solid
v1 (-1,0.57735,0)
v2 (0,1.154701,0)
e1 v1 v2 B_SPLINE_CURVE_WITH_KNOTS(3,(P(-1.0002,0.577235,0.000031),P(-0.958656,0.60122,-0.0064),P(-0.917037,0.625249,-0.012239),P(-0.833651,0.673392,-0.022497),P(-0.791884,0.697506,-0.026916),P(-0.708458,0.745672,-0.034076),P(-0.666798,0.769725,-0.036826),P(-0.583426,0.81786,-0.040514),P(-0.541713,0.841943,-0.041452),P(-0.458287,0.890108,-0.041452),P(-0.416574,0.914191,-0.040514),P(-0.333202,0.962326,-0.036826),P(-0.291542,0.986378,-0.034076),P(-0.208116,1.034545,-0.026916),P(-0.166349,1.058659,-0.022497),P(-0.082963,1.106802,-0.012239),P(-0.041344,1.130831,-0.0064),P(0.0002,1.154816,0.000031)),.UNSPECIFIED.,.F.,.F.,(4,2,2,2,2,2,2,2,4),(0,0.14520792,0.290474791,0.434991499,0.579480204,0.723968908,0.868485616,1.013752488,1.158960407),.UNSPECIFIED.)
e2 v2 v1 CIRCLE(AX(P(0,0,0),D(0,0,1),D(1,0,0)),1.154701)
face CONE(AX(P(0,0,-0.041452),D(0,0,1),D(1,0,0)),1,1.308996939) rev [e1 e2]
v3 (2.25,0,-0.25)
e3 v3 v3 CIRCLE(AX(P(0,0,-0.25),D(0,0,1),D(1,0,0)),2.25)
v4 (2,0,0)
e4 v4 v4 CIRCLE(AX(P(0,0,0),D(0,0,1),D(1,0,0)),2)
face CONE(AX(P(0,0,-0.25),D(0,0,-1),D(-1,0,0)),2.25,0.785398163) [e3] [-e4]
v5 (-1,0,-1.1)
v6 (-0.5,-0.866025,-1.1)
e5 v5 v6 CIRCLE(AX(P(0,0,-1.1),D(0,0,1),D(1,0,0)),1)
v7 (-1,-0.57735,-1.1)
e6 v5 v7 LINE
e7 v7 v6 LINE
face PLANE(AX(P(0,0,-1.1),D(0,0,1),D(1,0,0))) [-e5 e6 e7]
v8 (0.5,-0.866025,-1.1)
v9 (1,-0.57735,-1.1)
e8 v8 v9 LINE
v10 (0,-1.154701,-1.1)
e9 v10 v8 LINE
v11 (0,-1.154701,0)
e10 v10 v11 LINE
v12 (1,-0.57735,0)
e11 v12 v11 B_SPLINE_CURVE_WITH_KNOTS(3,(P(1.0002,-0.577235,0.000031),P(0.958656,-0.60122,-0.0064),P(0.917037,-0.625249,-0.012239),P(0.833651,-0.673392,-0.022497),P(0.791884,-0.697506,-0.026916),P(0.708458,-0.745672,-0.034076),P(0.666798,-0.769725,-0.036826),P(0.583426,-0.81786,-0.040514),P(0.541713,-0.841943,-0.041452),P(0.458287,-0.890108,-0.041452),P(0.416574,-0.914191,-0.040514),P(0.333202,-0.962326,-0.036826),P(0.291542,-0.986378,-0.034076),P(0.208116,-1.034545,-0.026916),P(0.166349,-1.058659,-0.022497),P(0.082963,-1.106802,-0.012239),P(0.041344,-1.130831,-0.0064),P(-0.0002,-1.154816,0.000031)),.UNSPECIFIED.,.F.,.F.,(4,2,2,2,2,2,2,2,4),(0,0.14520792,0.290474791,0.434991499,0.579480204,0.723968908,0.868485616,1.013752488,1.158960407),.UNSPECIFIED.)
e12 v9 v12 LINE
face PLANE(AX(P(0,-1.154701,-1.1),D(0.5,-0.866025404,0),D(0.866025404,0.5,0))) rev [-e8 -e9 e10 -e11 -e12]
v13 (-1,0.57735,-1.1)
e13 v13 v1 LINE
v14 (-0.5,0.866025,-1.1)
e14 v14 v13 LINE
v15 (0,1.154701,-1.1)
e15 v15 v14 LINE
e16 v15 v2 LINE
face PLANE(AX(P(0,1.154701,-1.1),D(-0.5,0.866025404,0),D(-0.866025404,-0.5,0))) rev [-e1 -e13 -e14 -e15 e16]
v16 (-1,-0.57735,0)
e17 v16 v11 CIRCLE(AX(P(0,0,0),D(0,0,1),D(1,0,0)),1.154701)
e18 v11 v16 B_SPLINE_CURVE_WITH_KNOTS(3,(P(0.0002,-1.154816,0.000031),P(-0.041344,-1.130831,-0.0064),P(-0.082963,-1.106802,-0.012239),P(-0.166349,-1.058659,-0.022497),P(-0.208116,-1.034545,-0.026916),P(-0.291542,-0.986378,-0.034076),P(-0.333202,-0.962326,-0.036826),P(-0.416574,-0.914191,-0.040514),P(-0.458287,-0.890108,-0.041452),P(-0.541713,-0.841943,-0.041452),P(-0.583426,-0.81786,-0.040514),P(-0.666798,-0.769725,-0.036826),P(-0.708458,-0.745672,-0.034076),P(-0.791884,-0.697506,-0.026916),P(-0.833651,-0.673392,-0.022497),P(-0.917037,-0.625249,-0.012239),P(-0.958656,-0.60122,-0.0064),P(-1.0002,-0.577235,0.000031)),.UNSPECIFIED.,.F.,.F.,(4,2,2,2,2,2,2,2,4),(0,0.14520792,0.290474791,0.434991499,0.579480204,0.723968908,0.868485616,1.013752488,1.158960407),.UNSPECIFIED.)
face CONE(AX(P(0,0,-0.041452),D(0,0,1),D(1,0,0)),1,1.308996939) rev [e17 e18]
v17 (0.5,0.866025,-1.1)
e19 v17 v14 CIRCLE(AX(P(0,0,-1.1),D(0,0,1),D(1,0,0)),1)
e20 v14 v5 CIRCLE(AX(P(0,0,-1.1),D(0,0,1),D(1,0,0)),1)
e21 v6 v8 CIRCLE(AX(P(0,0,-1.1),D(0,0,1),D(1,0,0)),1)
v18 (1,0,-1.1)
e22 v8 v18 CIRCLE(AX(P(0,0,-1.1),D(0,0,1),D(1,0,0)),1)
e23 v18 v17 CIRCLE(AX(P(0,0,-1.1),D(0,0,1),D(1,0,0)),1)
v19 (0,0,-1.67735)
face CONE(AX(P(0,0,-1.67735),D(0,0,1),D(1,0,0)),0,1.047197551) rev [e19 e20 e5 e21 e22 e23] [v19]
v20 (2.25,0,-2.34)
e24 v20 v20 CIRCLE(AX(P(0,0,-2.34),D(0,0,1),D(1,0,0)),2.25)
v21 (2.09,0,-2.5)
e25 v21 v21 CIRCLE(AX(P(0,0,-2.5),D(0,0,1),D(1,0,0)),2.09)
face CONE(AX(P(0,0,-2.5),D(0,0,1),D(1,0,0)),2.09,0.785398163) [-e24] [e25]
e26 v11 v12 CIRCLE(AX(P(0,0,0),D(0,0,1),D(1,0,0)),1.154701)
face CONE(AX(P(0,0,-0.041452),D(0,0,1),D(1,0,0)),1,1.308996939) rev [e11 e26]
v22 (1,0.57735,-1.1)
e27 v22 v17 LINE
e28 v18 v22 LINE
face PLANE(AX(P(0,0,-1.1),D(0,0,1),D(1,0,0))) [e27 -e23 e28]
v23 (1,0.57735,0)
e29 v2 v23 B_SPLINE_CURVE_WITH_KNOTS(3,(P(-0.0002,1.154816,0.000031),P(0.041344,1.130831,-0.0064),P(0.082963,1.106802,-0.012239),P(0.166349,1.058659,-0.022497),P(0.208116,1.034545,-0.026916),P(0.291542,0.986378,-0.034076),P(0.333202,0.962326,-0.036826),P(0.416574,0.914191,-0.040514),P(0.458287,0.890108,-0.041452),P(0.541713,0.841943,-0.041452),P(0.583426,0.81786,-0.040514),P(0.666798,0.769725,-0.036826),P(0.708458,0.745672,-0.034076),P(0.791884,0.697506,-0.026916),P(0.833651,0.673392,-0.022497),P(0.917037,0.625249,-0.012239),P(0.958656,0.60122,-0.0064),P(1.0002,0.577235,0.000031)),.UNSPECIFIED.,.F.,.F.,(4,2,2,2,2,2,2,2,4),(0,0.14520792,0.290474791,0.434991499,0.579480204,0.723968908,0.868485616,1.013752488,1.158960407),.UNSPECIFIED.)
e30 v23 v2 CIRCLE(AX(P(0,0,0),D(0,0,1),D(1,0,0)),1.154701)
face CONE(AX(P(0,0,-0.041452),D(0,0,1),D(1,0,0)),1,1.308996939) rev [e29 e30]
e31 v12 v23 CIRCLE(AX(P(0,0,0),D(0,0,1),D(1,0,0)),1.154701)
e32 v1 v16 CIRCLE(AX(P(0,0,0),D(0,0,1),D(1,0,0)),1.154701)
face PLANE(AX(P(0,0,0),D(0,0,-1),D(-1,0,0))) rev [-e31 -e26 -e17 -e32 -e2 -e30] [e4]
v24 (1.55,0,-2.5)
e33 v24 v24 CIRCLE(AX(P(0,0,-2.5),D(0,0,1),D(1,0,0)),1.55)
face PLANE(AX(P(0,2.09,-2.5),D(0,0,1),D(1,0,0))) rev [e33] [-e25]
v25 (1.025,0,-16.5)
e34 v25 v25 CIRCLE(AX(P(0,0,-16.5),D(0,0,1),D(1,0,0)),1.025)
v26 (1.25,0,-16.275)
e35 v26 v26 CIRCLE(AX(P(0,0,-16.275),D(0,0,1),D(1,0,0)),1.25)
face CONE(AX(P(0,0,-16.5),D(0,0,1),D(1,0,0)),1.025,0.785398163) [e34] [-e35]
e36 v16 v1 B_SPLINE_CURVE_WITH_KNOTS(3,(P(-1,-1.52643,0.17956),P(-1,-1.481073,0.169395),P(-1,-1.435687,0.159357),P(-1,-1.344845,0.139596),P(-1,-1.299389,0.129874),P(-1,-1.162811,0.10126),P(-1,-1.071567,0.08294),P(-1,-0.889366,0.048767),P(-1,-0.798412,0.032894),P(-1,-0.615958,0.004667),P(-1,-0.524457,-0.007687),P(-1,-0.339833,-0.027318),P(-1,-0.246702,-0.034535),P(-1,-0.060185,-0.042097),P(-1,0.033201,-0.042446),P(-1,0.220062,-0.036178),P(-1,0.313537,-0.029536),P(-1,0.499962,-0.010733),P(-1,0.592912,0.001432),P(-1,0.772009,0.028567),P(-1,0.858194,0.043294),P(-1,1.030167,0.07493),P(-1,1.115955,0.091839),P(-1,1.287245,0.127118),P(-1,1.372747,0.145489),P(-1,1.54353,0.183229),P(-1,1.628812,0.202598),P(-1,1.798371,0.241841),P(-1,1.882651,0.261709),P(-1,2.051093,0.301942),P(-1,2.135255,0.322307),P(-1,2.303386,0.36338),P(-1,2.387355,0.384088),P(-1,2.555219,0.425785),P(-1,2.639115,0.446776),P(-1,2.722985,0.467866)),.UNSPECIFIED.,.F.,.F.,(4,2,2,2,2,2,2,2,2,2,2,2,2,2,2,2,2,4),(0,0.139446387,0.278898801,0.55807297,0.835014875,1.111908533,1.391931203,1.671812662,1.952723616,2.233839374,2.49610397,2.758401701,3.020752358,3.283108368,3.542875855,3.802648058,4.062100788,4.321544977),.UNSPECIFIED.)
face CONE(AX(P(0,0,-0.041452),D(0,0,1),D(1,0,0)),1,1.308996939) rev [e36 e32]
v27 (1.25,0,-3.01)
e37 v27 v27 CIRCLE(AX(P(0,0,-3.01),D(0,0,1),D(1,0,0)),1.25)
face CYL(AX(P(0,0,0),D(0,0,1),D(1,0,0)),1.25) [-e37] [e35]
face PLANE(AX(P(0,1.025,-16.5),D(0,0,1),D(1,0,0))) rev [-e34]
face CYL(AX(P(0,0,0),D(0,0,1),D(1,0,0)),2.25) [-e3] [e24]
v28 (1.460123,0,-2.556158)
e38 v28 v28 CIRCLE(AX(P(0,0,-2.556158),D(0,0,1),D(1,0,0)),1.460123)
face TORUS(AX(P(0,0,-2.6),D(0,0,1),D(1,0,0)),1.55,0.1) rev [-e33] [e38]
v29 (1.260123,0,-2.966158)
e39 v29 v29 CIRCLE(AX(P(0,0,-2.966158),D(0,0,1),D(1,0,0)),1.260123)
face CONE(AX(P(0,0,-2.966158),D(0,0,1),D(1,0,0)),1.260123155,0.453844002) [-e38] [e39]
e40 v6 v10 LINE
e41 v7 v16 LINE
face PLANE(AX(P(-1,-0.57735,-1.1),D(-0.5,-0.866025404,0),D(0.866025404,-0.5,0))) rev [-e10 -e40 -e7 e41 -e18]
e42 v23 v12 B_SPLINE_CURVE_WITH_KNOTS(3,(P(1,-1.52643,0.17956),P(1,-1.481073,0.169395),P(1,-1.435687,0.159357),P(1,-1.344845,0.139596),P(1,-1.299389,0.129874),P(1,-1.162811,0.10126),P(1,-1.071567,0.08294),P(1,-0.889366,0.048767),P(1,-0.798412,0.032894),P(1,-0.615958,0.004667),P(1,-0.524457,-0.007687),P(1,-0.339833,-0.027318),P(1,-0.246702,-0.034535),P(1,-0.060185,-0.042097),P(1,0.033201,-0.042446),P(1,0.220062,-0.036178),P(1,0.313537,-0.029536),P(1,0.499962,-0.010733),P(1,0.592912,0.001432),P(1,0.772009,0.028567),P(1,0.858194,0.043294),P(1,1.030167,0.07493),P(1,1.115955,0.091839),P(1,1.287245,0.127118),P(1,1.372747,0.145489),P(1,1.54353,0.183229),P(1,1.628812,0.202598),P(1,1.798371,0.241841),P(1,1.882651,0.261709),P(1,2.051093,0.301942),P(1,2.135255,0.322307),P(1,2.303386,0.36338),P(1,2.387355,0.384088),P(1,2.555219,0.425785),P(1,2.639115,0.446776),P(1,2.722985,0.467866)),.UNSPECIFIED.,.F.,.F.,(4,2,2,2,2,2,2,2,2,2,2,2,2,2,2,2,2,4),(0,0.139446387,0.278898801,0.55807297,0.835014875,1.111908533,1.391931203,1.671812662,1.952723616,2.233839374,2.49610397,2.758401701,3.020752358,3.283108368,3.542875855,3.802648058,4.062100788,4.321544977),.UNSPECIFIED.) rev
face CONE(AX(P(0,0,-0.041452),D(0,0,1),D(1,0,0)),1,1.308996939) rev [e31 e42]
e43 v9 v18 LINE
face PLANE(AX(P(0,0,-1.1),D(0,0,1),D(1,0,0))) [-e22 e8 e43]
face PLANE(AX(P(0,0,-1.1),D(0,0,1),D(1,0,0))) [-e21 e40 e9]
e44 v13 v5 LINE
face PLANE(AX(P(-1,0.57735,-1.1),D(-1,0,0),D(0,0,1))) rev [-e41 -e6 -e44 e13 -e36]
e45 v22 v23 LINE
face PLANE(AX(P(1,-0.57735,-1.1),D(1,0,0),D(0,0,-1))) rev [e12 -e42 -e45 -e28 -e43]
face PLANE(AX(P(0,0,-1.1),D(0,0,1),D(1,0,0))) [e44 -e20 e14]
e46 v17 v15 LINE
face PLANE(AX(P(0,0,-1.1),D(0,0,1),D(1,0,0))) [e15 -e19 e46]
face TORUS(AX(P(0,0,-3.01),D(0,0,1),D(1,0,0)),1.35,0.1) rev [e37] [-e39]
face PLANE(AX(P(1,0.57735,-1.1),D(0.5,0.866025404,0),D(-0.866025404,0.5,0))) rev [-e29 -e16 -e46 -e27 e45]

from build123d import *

# Parameters (mm, degrees)
CUT_EXTRUDE1_DEPTH = 1.1


with BuildPart() as part:
    # Sketch1 → Revolve1 (revolve)
    with BuildSketch(Plane(origin=(0, 0, 0), x_dir=(0, 0, -1), z_dir=(1, 0, 0))):
        with BuildLine():
            Line((0, 0), (0, 2))
            Line((0, 2), (0.25, 2.25))
            Line((0.25, 2.25), (2.34, 2.25))
            Line((2.34, 2.25), (2.5, 2.09))
            Line((2.5, 2.09), (2.5, 1.55))
            ThreePointArc((2.5, 1.55), (2.515193643, 1.49701055), (2.556157637, 1.460123155))
            Line((2.556157637, 1.460123155), (2.966157637, 1.260123155))
            ThreePointArc((2.966157637, 1.260123155), (2.98750205, 1.25256365), (3.01, 1.25))
            Line((3.01, 1.25), (16.275, 1.25))
            Line((16.275, 1.25), (16.5, 1.025))
            Line((16.5, 1.025), (16.5, 0))
            Line((16.5, 0), (0, 0))
        make_face()
    revolve(axis=Axis((0, 0, 0), (0, 0, -1)))

    # Sketch2 → Cut-Extrude1 (cut)
    with BuildSketch(Plane.XY):
        Polygon((0, 1.154700538), (-1, 0.577350269), (-1, -0.577350269), (0, -1.154700538), (1, -0.577350269), (1, 0.577350269), align=None)
    extrude(amount=-CUT_EXTRUDE1_DEPTH, mode=Mode.SUBTRACT)

    # Sketch3 → Cut-Revolve2 (revolve, cut)
    with BuildSketch(Plane(origin=(0, 0, 0), x_dir=(0, 0, -1), z_dir=(1, 0, 0))):
        Polygon((1.1, 0), (1.1, 1), (1.677350269, 0), align=None)
    revolve(axis=Axis((0, 0, -1.1), (0, 0, -1)), mode=Mode.SUBTRACT)

    # Sketch4 → Cut-Revolve3 (revolve, cut)
    with BuildSketch(Plane(origin=(0, 0, 0), x_dir=(0, 0, -1), z_dir=(1, 0, 0))):
        Polygon((0, 1.154700538), (0, 1), (0.041451884, 1), align=None)
    revolve(axis=Axis((0, 0, 0), (0, 0, -1)), mode=Mode.SUBTRACT)


solid = part.part
